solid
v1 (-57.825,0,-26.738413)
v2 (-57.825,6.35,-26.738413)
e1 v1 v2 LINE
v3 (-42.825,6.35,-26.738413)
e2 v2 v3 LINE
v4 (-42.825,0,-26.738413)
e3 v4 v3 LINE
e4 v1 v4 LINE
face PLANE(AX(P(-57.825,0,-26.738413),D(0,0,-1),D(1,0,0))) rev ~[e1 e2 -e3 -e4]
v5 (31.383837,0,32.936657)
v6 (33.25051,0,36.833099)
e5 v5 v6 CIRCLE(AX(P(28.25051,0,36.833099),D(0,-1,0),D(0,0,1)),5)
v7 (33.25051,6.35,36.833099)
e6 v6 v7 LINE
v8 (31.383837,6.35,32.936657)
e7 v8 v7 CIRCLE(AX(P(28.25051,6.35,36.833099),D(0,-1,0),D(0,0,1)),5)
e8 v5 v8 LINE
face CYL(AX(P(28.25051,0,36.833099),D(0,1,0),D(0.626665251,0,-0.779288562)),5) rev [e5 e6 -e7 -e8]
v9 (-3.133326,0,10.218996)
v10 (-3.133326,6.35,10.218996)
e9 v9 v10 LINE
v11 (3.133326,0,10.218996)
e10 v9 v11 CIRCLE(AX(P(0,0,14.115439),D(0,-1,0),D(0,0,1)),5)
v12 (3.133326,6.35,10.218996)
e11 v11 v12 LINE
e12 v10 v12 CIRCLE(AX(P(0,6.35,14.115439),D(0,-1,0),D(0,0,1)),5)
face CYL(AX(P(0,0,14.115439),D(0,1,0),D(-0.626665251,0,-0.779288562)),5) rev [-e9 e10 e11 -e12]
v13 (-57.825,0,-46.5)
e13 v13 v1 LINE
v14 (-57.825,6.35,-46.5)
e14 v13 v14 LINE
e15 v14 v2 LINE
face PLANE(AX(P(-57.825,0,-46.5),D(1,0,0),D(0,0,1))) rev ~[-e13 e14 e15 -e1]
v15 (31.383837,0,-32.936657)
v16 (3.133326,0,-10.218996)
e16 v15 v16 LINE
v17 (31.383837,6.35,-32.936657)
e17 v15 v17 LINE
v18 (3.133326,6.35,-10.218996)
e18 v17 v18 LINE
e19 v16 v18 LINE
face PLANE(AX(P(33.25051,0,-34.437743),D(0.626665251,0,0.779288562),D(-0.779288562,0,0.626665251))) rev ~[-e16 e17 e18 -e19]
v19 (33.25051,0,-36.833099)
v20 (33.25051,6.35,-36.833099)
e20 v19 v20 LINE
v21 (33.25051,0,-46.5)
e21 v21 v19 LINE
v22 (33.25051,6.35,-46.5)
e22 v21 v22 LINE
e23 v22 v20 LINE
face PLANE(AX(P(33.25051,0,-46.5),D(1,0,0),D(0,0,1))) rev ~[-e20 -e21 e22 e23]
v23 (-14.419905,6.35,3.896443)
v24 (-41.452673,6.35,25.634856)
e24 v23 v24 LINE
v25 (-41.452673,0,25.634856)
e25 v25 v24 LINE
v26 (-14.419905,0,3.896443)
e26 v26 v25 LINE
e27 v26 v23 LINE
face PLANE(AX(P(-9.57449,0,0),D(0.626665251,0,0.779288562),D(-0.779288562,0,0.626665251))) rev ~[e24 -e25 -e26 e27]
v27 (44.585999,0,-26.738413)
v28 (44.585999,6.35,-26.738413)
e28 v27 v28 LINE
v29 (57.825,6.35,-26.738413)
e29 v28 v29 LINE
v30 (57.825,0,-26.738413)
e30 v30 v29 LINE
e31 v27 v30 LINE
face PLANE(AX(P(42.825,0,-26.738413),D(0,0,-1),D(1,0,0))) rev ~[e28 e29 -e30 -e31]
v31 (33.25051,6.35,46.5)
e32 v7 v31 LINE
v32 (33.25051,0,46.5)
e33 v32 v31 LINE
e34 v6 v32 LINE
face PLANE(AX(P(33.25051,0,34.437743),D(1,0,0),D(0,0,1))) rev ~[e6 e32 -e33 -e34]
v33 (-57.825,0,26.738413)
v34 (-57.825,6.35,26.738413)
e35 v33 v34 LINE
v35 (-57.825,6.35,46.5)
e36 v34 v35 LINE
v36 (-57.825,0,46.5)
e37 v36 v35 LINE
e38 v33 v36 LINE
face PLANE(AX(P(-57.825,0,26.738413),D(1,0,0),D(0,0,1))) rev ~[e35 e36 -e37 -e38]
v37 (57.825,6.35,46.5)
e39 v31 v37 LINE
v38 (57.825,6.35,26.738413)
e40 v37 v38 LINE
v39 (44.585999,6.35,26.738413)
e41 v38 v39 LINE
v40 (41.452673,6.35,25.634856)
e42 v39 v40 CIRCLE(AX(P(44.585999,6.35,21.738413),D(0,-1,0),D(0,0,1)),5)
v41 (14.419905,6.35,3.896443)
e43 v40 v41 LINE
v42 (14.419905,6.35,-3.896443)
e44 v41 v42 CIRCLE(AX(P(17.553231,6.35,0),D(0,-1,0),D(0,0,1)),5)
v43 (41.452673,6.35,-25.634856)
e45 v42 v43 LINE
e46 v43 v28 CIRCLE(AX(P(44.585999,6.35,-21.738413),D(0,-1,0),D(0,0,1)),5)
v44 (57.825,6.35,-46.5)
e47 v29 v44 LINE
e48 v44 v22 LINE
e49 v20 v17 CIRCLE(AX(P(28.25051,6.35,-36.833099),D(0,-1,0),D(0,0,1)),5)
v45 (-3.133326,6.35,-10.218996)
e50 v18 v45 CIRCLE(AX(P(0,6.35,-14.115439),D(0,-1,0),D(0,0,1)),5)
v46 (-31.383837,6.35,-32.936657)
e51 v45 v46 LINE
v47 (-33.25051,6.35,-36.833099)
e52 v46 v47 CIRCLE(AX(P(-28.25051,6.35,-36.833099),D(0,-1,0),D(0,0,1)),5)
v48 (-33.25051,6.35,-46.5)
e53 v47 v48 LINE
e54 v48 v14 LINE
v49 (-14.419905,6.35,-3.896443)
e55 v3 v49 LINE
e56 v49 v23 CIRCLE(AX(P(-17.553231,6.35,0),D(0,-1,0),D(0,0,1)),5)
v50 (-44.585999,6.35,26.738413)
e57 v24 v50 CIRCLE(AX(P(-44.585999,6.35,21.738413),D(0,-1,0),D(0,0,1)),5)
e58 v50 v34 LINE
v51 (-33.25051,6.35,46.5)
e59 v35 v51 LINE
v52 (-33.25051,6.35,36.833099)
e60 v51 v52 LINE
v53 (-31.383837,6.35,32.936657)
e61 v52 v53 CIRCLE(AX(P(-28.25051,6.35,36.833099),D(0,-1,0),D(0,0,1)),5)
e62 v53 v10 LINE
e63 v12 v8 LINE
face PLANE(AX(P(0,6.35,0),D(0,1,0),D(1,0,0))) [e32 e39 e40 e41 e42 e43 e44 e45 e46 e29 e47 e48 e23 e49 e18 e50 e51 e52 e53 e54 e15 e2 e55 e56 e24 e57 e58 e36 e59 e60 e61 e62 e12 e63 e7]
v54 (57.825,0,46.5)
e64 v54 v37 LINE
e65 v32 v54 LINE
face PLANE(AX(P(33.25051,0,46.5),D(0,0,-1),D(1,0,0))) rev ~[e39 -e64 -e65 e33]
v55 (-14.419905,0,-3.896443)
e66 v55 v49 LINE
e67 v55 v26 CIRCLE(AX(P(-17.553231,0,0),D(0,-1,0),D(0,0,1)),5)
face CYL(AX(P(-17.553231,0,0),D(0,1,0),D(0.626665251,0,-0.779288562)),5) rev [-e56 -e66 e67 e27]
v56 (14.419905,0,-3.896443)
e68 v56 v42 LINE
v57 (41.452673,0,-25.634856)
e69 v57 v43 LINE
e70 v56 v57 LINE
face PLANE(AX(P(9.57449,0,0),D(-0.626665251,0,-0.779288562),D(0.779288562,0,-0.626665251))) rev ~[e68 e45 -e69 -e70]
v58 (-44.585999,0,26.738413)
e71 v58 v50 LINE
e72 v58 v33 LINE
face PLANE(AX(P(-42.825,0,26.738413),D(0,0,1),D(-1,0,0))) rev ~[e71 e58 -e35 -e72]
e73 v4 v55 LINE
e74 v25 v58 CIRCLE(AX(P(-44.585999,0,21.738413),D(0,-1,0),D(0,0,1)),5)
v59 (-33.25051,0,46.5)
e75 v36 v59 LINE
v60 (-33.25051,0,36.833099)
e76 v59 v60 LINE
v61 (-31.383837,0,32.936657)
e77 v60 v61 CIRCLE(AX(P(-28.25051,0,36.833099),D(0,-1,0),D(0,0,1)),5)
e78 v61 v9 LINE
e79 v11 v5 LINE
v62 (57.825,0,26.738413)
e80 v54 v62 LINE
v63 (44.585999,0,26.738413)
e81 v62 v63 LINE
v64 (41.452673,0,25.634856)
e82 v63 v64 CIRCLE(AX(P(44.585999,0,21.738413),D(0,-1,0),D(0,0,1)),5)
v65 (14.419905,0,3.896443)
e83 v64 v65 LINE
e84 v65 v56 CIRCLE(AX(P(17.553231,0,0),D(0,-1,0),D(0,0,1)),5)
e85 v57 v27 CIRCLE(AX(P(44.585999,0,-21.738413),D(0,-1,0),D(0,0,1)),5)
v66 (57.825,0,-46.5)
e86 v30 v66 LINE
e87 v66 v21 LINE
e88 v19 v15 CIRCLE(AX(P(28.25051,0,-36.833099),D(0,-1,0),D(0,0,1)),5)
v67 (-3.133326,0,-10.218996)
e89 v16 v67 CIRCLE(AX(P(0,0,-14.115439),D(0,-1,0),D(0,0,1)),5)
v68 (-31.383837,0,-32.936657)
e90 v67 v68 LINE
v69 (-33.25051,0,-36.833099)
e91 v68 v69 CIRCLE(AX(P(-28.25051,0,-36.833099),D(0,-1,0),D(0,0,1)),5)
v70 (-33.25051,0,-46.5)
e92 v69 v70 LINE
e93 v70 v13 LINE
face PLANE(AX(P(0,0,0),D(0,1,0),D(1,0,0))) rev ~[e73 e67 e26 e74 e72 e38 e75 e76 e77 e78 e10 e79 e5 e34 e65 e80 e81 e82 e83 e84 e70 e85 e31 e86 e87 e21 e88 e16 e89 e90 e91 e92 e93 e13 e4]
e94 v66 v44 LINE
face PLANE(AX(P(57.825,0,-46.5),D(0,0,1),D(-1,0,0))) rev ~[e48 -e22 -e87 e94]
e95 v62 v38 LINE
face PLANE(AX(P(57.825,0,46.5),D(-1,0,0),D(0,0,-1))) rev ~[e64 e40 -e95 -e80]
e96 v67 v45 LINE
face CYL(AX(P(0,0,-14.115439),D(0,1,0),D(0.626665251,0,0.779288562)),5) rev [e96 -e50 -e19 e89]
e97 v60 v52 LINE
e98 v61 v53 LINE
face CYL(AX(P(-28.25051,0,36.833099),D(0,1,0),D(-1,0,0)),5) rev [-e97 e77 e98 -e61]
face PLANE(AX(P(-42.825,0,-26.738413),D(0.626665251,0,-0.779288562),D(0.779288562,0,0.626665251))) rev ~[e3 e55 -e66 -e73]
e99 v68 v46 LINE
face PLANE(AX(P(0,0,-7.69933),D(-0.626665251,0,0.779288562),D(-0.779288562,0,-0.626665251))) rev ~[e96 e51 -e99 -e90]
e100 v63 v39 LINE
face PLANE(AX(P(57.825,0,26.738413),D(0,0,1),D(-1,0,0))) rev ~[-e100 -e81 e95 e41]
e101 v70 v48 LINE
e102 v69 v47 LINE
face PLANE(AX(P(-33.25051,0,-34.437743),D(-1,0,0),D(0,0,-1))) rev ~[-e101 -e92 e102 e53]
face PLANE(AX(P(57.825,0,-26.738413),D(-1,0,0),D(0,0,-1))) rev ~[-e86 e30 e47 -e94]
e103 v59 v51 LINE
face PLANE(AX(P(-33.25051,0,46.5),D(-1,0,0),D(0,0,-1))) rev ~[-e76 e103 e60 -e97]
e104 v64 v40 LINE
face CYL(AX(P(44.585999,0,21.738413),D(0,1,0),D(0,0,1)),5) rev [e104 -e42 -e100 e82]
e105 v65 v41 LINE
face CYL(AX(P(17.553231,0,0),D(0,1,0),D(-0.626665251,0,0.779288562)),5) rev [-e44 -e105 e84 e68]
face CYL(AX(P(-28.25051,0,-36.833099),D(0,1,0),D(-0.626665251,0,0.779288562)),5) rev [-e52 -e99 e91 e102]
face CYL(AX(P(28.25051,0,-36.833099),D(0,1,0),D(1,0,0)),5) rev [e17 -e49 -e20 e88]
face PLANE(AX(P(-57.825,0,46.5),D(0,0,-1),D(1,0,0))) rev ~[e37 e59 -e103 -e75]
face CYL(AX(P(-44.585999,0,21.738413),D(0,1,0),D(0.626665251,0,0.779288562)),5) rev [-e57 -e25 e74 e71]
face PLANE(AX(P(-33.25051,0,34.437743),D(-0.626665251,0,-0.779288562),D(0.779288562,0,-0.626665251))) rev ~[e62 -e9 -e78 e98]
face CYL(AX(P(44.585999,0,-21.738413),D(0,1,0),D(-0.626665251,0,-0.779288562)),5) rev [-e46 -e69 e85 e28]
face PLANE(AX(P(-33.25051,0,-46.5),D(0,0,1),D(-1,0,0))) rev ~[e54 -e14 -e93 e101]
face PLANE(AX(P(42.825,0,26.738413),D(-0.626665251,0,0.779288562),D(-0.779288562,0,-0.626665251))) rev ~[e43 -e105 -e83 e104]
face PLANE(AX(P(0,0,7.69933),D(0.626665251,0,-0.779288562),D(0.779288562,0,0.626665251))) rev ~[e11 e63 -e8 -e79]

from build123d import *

# Parameters (mm, degrees)
BOSS_EXTRUDE1_DEPTH = 6.35
FILLET1_R           = 5


with BuildPart() as part:
    # Sketch1 → Boss-Extrude1 (new body)
    with BuildSketch(Plane(origin=(0, 0, 0), x_dir=(1, 0, 0), z_dir=(0, 1, 0))):
        Polygon((-57.825, 26.738412941), (-42.825, 26.738412941), (-9.574489714, 0), (-42.825, -26.738412941), (-57.825, -26.738412941), (-57.825, -46.5), (-33.250510286, -46.5), (-33.250510286, -34.437743191), (0, -7.69933025), (33.250510286, -34.437743191), (33.250510286, -46.5), (57.825, -46.5), (57.825, -26.738412941), (42.825, -26.738412941), (9.574489714, 0), (42.825, 26.738412941), (57.825, 26.738412941), (57.825, 46.5), (33.250510286, 46.5), (33.250510286, 34.437743191), (0, 7.69933025), (-33.250510286, 34.437743191), (-33.250510286, 46.5), (-57.825, 46.5), align=None)
    extrude(amount=BOSS_EXTRUDE1_DEPTH)

    # Fillet1
    fillet1_edges = [part.edges().sort_by_distance(p)[0] for p in [
        (-33.250510286, 3.175, -34.437743191),
        (0, 3.175, -7.69933025),
        (33.250510286, 3.175, -34.437743191),
        (42.825, 3.175, -26.738412941),
        (9.574489714, 3.175, 0),
        (42.825, 3.175, 26.738412941),
        (33.250510286, 3.175, 34.437743191),
        (0, 3.175, 7.69933025),
        (-33.250510286, 3.175, 34.437743191),
        (-42.825, 3.175, 26.738412941),
        (-9.574489714, 3.175, 0),
    ]]
    fillet(fillet1_edges, radius=FILLET1_R)


solid = part.part
